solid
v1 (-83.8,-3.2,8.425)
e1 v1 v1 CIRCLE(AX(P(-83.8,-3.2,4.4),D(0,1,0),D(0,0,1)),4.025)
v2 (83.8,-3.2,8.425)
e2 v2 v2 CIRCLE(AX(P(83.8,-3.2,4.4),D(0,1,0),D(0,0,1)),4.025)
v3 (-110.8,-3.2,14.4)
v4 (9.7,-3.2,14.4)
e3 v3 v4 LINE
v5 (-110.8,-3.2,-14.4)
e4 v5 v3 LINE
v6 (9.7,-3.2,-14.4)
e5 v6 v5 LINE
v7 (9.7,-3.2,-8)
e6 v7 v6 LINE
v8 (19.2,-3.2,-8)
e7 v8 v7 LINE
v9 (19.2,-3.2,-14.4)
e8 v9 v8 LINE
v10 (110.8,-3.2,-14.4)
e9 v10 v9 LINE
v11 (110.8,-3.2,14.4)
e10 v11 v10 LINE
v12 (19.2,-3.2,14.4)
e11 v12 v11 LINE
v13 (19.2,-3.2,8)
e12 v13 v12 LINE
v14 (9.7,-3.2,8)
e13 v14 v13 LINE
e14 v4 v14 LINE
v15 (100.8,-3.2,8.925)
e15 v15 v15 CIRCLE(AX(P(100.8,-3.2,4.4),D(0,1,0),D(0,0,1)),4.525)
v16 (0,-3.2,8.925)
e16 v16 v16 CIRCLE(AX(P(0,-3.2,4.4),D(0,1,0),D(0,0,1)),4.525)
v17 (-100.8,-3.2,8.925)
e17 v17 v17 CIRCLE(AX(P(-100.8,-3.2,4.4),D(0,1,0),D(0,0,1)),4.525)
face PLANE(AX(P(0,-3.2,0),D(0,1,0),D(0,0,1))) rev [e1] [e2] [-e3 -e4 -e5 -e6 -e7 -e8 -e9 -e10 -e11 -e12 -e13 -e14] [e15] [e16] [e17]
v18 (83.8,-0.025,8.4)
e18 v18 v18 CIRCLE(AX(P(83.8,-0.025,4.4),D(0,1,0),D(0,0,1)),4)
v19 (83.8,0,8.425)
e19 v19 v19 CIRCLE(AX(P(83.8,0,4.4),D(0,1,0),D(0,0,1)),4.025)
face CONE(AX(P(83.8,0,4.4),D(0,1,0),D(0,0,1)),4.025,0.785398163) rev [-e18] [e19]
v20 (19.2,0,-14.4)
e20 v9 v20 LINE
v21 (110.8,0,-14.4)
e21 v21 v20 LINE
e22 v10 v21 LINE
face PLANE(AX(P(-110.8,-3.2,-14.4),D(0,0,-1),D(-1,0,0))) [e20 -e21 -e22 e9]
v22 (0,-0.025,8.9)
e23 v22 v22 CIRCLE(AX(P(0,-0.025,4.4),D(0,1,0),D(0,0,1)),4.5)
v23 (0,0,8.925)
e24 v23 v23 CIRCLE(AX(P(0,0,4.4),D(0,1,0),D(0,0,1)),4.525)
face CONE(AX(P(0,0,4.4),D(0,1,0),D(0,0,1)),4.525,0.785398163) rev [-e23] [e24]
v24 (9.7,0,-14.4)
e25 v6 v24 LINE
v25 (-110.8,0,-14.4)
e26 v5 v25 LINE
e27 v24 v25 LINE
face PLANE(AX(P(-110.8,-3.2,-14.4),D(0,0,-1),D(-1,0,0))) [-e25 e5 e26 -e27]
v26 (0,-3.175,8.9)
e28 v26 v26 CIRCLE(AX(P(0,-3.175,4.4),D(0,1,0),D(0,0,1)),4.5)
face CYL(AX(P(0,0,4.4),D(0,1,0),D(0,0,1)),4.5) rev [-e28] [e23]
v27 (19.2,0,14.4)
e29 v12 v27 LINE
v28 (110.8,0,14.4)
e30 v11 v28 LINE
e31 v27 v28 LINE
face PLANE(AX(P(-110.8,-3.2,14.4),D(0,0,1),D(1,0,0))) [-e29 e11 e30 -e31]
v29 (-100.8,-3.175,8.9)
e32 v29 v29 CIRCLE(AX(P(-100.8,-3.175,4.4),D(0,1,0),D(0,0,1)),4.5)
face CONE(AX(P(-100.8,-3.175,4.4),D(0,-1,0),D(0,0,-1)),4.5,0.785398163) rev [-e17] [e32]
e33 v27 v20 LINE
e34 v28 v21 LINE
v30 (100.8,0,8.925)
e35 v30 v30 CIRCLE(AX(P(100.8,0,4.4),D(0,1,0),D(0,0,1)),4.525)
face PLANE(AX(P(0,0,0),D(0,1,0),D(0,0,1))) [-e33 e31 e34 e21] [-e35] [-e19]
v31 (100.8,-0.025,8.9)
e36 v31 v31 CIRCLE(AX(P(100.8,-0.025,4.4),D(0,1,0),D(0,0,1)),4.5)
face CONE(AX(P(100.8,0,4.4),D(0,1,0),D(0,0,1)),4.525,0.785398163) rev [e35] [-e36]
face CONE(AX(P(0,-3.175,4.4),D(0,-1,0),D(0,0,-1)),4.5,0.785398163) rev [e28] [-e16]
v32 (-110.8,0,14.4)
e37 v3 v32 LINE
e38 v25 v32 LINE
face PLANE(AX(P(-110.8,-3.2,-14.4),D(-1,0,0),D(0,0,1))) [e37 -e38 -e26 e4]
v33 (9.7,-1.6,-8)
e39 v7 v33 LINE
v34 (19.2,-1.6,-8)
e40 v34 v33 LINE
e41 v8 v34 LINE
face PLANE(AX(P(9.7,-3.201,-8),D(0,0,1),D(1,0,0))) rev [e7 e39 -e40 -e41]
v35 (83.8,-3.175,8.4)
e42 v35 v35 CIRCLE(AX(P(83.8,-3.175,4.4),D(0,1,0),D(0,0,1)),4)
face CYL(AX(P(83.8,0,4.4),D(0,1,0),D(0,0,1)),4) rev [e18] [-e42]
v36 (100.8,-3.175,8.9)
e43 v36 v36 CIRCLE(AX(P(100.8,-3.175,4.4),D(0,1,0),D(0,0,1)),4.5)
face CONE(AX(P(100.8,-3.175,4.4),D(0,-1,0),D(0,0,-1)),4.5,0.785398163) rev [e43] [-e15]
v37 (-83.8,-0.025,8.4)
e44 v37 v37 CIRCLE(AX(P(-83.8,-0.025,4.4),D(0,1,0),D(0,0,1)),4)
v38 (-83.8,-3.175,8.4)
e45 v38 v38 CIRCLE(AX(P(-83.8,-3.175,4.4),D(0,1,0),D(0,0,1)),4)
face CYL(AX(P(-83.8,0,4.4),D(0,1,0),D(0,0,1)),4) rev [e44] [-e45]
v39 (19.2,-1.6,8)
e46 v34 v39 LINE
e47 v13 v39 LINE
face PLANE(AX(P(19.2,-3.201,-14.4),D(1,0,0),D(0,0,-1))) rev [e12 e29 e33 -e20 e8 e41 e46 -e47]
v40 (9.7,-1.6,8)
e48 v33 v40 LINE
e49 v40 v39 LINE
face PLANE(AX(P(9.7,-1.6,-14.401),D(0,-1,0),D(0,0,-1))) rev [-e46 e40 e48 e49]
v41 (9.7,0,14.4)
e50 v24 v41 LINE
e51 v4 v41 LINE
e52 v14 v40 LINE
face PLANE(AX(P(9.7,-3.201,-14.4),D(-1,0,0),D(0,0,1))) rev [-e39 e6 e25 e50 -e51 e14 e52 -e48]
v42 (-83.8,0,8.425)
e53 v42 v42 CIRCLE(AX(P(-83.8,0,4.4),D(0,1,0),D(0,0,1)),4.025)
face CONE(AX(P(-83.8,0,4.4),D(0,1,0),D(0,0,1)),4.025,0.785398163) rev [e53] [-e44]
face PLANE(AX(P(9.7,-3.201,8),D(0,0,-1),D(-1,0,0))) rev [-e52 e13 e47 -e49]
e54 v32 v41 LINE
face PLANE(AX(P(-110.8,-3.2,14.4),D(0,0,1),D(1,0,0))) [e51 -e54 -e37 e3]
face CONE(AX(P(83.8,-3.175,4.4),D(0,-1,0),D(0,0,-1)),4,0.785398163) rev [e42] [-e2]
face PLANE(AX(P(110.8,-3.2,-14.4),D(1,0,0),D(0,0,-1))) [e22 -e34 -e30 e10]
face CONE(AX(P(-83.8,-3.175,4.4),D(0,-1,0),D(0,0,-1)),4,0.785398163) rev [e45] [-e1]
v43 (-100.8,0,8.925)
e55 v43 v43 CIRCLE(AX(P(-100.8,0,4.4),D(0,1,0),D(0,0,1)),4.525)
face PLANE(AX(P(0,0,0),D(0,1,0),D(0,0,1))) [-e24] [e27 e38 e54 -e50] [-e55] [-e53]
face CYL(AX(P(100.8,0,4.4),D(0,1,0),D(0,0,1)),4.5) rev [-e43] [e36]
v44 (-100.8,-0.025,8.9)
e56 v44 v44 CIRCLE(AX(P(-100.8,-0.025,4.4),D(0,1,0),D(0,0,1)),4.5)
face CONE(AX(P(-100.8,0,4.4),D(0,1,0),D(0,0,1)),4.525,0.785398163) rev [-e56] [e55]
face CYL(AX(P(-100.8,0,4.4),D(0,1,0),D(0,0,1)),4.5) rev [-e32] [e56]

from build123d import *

# Parameters (mm, degrees)
SKETCH1_W                      = 221.6
SKETCH1_H                      = 28.8
BOSS_EXTRUDE1_DEPTH            = 3.2
CUT_EXTRUDE1_REACH             = 113.778
SKETCH2_W                      = 9.5
SKETCH2_H                      = 6.4
CUT_EXTRUDE2_REACH             = 115.087
SKETCH3_W                      = 9.5
SKETCH3_H                      = 1.6
M8_CLEARANCE_HOLE1_AT_2_COUNT  = 2
M8_CLEARANCE_HOLE1_AT_2_PITCH  = 201.6
M8_CLEARANCE_HOLE1_AT_3_COUNT  = 2
M8_CLEARANCE_HOLE1_AT_3_PITCH  = 100.8
F_8_0MM_DOWEL_HOLE1_AT_2_COUNT = 2
F_8_0MM_DOWEL_HOLE1_AT_2_PITCH = 167.6


with BuildPart() as part:
    # Sketch1 → Boss-Extrude1 (new body)
    with BuildSketch(Plane(origin=(0, 0, 0), x_dir=(1, 0, 0), z_dir=(0, 1, 0))):
        Rectangle(SKETCH1_W, SKETCH1_H)
    extrude(amount=-BOSS_EXTRUDE1_DEPTH)

    # Sketch2 → Cut-Extrude1 (cut, up to next)
    with BuildSketch(Plane(origin=(0, 0, 0), x_dir=(1, 0, 0), z_dir=(0, 1, 0)), mode=Mode.PRIVATE) as cut_extrude1_sk1:
        with Locations((14.45, 11.2)):
            Rectangle(SKETCH2_W, SKETCH2_H)
    cut_extrude1_tool1 = extrude(cut_extrude1_sk1.sketch, amount=-CUT_EXTRUDE1_REACH, mode=Mode.PRIVATE) & part.part
    # Sketch2 → Cut-Extrude1 (cut, up to next)
    with BuildSketch(Plane(origin=(0, 0, 0), x_dir=(1, 0, 0), z_dir=(0, 1, 0)), mode=Mode.PRIVATE) as cut_extrude1_sk2:
        with Locations((14.45, -11.2)):
            Rectangle(SKETCH2_W, SKETCH2_H)
    cut_extrude1_tool2 = extrude(cut_extrude1_sk2.sketch, amount=-CUT_EXTRUDE1_REACH, mode=Mode.PRIVATE) & part.part
    add(cut_extrude1_tool1.solids().sort_by_distance((14.45, 0, -11.2))[0], mode=Mode.SUBTRACT)
    add(cut_extrude1_tool2.solids().sort_by_distance((14.45, 0, 11.2))[0], mode=Mode.SUBTRACT)

    # Sketch3 → Cut-Extrude2 (cut, up to next)
    with BuildSketch(Plane.XY.offset(8), mode=Mode.PRIVATE) as cut_extrude2_sk1:
        with Locations((14.45, -0.8)):
            Rectangle(SKETCH3_W, SKETCH3_H)
    cut_extrude2_tool1 = extrude(cut_extrude2_sk1.sketch, amount=-CUT_EXTRUDE2_REACH, mode=Mode.PRIVATE) & part.part
    add(cut_extrude2_tool1.solids().sort_by_distance((14.45, -0.8, 8))[0], mode=Mode.SUBTRACT)

    # Sketch5 → M8 Clearance Hole1 (revolve, cut)
    with BuildSketch(Plane(origin=(-100.8, 0, 4.4), x_dir=(0, 0, 1), z_dir=(1, 0, 0))):
        Polygon((0, 0), (0, 3.2), (4.525, 3.2), (4.5, 3.175), (4.5, 0.025), (4.525, 0), align=None)
    m8_clearance_hole1 = revolve(axis=Axis((-100.8, 6.35, 4.4), (0, -1, 0)), mode=Mode.SUBTRACT)

    # M8 Clearance Hole1 at 2: M8 Clearance Hole1 ×2
    with Locations(*[(i * M8_CLEARANCE_HOLE1_AT_2_PITCH, 0, 0) for i in range(1, M8_CLEARANCE_HOLE1_AT_2_COUNT)]):
        add(m8_clearance_hole1, mode=Mode.SUBTRACT)

    # M8 Clearance Hole1 at 3: M8 Clearance Hole1 ×2
    with Locations(*[(i * M8_CLEARANCE_HOLE1_AT_3_PITCH, 0, 0) for i in range(1, M8_CLEARANCE_HOLE1_AT_3_COUNT)]):
        add(m8_clearance_hole1, mode=Mode.SUBTRACT)

    # Sketch7 → Ø8.0mm Dowel Hole1 (revolve, cut)
    with BuildSketch(Plane(origin=(83.8, 0, 4.4), x_dir=(0, 0, 1), z_dir=(1, 0, 0))):
        Polygon((0, 0), (0, 3.2), (4.025, 3.2), (4, 3.175), (4, 0.025), (4.025, 0), align=None)
    f_8_0mm_dowel_hole1 = revolve(axis=Axis((83.8, 6.35, 4.4), (0, -1, 0)), mode=Mode.SUBTRACT)

    # Ø8.0mm Dowel Hole1 at 2: Ø8.0mm Dowel Hole1 ×2
    with Locations(*[(-i * F_8_0MM_DOWEL_HOLE1_AT_2_PITCH, 0, 0) for i in range(1, F_8_0MM_DOWEL_HOLE1_AT_2_COUNT)]):
        add(f_8_0mm_dowel_hole1, mode=Mode.SUBTRACT)


solid = part.part
